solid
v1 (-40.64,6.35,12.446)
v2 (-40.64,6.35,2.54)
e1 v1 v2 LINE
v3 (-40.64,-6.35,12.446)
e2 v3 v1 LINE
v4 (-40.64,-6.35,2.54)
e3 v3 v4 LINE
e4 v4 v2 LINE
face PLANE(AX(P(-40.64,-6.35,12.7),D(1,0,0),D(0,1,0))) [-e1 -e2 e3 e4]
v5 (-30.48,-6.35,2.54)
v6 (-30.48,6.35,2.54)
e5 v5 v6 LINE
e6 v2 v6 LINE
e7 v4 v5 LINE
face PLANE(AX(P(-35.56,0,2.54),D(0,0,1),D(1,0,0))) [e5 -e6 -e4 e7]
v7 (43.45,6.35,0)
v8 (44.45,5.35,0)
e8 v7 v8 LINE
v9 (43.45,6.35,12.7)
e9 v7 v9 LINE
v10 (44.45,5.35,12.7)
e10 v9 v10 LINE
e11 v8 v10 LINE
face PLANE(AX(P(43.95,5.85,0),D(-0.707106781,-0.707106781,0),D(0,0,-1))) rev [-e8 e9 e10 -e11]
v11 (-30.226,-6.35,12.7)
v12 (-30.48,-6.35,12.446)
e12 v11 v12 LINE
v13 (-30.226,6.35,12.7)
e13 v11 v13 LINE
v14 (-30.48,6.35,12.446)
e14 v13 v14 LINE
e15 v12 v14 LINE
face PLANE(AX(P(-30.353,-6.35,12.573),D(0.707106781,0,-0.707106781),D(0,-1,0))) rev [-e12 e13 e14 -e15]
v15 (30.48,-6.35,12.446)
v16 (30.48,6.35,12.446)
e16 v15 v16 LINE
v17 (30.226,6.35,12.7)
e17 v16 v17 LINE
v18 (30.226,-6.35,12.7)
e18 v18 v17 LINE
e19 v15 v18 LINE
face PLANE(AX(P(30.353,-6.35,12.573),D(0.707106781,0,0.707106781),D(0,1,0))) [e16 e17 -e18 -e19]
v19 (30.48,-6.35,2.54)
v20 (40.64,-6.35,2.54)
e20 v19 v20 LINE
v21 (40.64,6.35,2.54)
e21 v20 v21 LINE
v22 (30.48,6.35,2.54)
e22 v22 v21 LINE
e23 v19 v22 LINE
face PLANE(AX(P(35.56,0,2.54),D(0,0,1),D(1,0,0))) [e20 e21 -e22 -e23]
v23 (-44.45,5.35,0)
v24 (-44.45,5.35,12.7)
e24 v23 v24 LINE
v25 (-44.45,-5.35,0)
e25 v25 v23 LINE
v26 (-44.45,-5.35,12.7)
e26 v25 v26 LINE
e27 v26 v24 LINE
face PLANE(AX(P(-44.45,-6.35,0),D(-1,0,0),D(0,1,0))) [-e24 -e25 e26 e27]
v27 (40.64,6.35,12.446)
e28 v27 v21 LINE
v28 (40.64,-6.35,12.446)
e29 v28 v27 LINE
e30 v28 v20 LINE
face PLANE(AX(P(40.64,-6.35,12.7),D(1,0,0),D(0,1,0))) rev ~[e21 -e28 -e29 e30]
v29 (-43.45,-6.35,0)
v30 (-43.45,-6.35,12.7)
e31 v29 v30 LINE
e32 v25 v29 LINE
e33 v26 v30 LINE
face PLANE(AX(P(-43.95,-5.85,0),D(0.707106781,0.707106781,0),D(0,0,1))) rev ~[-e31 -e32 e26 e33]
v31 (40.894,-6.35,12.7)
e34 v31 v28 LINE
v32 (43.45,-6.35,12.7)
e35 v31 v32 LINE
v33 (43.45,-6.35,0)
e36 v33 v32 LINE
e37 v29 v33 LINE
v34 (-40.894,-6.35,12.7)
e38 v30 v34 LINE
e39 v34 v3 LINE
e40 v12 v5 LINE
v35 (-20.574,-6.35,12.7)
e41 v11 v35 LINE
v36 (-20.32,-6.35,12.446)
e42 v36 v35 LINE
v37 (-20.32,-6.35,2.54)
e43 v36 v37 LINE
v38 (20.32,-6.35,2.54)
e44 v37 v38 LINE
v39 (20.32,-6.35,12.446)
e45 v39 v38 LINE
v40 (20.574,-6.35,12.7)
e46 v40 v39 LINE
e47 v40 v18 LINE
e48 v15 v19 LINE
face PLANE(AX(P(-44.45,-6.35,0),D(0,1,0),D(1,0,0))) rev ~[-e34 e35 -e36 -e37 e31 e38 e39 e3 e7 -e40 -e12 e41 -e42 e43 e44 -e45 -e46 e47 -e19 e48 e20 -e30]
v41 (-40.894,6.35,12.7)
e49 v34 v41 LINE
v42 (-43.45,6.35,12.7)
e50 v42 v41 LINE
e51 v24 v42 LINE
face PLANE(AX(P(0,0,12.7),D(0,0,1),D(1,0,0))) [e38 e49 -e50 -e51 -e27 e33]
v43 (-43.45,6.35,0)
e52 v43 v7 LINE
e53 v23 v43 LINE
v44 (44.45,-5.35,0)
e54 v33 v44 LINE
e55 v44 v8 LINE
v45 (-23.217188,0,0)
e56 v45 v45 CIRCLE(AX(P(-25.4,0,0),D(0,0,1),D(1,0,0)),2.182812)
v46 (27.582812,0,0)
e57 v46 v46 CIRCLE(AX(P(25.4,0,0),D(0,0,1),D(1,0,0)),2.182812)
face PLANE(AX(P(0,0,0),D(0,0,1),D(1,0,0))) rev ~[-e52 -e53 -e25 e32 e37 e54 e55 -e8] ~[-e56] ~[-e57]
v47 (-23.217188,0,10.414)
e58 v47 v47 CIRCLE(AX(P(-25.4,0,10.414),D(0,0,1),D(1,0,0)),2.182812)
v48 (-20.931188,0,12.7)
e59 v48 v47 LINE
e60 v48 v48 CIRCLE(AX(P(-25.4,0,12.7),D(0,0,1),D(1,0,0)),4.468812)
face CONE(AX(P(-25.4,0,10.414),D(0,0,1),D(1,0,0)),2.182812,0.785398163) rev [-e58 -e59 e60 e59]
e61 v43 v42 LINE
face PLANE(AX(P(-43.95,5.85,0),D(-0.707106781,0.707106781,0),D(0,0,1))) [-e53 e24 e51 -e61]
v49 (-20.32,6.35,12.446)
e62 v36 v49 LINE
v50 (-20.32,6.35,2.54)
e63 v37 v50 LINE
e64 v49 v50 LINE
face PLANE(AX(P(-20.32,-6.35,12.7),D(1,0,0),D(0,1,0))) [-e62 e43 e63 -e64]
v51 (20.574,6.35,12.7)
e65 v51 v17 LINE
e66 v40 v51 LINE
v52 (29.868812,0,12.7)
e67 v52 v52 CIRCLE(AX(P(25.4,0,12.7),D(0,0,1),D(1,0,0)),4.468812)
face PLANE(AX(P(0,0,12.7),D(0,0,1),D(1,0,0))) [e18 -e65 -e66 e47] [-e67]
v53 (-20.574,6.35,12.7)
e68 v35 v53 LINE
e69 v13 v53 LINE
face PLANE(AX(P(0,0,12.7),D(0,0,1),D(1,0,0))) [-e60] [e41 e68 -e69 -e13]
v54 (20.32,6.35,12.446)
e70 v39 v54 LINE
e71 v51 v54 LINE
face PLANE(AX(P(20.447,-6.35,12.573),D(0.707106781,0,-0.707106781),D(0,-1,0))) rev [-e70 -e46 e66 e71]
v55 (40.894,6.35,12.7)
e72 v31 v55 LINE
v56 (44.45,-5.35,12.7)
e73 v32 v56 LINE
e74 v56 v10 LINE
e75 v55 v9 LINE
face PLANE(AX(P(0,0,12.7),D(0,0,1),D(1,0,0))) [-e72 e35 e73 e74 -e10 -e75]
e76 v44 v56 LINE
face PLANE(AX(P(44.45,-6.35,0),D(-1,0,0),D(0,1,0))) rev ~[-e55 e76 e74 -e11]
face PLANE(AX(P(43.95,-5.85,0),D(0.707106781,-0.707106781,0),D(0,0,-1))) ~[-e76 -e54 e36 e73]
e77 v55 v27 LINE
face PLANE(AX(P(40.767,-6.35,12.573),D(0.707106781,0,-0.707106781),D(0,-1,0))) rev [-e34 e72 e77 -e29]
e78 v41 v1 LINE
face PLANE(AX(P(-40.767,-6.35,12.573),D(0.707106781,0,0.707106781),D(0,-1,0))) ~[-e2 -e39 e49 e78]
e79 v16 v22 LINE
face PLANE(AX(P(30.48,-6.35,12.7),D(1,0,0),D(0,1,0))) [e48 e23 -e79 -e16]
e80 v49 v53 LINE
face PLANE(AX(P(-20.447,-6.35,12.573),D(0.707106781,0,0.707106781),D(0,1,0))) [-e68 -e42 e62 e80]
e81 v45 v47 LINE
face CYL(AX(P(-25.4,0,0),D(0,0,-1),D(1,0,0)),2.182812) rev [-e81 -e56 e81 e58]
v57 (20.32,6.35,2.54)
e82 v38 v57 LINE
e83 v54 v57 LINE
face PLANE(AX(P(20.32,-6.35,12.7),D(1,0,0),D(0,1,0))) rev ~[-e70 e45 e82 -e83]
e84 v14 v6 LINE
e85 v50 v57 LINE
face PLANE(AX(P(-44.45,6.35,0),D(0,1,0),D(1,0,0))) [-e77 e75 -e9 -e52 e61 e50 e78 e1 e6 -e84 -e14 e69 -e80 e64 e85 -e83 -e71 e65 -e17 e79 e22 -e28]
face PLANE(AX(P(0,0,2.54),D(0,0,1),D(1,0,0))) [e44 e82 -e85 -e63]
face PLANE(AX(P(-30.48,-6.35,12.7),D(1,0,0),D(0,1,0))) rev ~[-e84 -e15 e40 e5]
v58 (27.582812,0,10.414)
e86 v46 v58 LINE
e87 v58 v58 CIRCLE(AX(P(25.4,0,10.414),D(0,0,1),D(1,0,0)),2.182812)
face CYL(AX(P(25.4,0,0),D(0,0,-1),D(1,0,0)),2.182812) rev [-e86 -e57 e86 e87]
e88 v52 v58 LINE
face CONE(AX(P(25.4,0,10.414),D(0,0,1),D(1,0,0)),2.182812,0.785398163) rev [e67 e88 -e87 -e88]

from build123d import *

# Parameters (mm, degrees)
SKETCH_W        = 88.9
SKETCH_H        = 12.7
SKETCH_R        = 2.182812
PAD_DEPTH       = 12.7
CHAMFER_SIZE    = 1
CHAMFER001_SIZE = 2.286
SKETCH001_W     = 10.16
SKETCH001_H     = 12.7
SKETCH001_W_2   = 40.64
POCKET_DEPTH    = 10.16
CHAMFER002_SIZE = 0.254


with BuildPart() as part:
    # Sketch → Pad (new body)
    with BuildSketch(Plane.XY):
        Rectangle(SKETCH_W, SKETCH_H)
        with Locations((-25.4, 0)):
            Circle(SKETCH_R, mode=Mode.SUBTRACT)
        with Locations((25.4, 0)):
            Circle(SKETCH_R, mode=Mode.SUBTRACT)
    extrude(amount=PAD_DEPTH)

    # Chamfer
    chamfer_edges = [part.edges().sort_by_distance(p)[0] for p in [
        (44.45, 6.35, 6.35),
        (44.45, -6.35, 6.35),
        (-44.45, -6.35, 6.35),
        (-44.45, 6.35, 6.35),
    ]]
    chamfer(chamfer_edges, length=CHAMFER_SIZE)

    # Chamfer001
    chamfer001_edges = [part.edges().sort_by_distance(p)[0] for p in [
        (-27.582812, 0, 12.7),
        (23.217187, 0, 12.7),
    ]]
    chamfer(chamfer001_edges, length=CHAMFER001_SIZE)

    # Sketch001 → Pocket (cut)
    with BuildSketch(Plane.XY.offset(12.7)):
        with Locations((-35.56, 0)):
            Rectangle(SKETCH001_W, SKETCH001_H)
        with Locations((35.56, 0)):
            Rectangle(SKETCH001_W, SKETCH001_H)
        Rectangle(SKETCH001_W_2, SKETCH001_H)
    extrude(amount=-POCKET_DEPTH, mode=Mode.SUBTRACT)

    # Chamfer002
    chamfer002_edges = [part.edges().sort_by_distance(p)[0] for p in [
        (-40.64, 0, 12.7),
        (-30.48, 0, 12.7),
        (-20.32, 0, 12.7),
        (20.32, 0, 12.7),
        (30.48, 0, 12.7),
        (40.64, 0, 12.7),
    ]]
    chamfer(chamfer002_edges, length=CHAMFER002_SIZE)


solid = part.part
